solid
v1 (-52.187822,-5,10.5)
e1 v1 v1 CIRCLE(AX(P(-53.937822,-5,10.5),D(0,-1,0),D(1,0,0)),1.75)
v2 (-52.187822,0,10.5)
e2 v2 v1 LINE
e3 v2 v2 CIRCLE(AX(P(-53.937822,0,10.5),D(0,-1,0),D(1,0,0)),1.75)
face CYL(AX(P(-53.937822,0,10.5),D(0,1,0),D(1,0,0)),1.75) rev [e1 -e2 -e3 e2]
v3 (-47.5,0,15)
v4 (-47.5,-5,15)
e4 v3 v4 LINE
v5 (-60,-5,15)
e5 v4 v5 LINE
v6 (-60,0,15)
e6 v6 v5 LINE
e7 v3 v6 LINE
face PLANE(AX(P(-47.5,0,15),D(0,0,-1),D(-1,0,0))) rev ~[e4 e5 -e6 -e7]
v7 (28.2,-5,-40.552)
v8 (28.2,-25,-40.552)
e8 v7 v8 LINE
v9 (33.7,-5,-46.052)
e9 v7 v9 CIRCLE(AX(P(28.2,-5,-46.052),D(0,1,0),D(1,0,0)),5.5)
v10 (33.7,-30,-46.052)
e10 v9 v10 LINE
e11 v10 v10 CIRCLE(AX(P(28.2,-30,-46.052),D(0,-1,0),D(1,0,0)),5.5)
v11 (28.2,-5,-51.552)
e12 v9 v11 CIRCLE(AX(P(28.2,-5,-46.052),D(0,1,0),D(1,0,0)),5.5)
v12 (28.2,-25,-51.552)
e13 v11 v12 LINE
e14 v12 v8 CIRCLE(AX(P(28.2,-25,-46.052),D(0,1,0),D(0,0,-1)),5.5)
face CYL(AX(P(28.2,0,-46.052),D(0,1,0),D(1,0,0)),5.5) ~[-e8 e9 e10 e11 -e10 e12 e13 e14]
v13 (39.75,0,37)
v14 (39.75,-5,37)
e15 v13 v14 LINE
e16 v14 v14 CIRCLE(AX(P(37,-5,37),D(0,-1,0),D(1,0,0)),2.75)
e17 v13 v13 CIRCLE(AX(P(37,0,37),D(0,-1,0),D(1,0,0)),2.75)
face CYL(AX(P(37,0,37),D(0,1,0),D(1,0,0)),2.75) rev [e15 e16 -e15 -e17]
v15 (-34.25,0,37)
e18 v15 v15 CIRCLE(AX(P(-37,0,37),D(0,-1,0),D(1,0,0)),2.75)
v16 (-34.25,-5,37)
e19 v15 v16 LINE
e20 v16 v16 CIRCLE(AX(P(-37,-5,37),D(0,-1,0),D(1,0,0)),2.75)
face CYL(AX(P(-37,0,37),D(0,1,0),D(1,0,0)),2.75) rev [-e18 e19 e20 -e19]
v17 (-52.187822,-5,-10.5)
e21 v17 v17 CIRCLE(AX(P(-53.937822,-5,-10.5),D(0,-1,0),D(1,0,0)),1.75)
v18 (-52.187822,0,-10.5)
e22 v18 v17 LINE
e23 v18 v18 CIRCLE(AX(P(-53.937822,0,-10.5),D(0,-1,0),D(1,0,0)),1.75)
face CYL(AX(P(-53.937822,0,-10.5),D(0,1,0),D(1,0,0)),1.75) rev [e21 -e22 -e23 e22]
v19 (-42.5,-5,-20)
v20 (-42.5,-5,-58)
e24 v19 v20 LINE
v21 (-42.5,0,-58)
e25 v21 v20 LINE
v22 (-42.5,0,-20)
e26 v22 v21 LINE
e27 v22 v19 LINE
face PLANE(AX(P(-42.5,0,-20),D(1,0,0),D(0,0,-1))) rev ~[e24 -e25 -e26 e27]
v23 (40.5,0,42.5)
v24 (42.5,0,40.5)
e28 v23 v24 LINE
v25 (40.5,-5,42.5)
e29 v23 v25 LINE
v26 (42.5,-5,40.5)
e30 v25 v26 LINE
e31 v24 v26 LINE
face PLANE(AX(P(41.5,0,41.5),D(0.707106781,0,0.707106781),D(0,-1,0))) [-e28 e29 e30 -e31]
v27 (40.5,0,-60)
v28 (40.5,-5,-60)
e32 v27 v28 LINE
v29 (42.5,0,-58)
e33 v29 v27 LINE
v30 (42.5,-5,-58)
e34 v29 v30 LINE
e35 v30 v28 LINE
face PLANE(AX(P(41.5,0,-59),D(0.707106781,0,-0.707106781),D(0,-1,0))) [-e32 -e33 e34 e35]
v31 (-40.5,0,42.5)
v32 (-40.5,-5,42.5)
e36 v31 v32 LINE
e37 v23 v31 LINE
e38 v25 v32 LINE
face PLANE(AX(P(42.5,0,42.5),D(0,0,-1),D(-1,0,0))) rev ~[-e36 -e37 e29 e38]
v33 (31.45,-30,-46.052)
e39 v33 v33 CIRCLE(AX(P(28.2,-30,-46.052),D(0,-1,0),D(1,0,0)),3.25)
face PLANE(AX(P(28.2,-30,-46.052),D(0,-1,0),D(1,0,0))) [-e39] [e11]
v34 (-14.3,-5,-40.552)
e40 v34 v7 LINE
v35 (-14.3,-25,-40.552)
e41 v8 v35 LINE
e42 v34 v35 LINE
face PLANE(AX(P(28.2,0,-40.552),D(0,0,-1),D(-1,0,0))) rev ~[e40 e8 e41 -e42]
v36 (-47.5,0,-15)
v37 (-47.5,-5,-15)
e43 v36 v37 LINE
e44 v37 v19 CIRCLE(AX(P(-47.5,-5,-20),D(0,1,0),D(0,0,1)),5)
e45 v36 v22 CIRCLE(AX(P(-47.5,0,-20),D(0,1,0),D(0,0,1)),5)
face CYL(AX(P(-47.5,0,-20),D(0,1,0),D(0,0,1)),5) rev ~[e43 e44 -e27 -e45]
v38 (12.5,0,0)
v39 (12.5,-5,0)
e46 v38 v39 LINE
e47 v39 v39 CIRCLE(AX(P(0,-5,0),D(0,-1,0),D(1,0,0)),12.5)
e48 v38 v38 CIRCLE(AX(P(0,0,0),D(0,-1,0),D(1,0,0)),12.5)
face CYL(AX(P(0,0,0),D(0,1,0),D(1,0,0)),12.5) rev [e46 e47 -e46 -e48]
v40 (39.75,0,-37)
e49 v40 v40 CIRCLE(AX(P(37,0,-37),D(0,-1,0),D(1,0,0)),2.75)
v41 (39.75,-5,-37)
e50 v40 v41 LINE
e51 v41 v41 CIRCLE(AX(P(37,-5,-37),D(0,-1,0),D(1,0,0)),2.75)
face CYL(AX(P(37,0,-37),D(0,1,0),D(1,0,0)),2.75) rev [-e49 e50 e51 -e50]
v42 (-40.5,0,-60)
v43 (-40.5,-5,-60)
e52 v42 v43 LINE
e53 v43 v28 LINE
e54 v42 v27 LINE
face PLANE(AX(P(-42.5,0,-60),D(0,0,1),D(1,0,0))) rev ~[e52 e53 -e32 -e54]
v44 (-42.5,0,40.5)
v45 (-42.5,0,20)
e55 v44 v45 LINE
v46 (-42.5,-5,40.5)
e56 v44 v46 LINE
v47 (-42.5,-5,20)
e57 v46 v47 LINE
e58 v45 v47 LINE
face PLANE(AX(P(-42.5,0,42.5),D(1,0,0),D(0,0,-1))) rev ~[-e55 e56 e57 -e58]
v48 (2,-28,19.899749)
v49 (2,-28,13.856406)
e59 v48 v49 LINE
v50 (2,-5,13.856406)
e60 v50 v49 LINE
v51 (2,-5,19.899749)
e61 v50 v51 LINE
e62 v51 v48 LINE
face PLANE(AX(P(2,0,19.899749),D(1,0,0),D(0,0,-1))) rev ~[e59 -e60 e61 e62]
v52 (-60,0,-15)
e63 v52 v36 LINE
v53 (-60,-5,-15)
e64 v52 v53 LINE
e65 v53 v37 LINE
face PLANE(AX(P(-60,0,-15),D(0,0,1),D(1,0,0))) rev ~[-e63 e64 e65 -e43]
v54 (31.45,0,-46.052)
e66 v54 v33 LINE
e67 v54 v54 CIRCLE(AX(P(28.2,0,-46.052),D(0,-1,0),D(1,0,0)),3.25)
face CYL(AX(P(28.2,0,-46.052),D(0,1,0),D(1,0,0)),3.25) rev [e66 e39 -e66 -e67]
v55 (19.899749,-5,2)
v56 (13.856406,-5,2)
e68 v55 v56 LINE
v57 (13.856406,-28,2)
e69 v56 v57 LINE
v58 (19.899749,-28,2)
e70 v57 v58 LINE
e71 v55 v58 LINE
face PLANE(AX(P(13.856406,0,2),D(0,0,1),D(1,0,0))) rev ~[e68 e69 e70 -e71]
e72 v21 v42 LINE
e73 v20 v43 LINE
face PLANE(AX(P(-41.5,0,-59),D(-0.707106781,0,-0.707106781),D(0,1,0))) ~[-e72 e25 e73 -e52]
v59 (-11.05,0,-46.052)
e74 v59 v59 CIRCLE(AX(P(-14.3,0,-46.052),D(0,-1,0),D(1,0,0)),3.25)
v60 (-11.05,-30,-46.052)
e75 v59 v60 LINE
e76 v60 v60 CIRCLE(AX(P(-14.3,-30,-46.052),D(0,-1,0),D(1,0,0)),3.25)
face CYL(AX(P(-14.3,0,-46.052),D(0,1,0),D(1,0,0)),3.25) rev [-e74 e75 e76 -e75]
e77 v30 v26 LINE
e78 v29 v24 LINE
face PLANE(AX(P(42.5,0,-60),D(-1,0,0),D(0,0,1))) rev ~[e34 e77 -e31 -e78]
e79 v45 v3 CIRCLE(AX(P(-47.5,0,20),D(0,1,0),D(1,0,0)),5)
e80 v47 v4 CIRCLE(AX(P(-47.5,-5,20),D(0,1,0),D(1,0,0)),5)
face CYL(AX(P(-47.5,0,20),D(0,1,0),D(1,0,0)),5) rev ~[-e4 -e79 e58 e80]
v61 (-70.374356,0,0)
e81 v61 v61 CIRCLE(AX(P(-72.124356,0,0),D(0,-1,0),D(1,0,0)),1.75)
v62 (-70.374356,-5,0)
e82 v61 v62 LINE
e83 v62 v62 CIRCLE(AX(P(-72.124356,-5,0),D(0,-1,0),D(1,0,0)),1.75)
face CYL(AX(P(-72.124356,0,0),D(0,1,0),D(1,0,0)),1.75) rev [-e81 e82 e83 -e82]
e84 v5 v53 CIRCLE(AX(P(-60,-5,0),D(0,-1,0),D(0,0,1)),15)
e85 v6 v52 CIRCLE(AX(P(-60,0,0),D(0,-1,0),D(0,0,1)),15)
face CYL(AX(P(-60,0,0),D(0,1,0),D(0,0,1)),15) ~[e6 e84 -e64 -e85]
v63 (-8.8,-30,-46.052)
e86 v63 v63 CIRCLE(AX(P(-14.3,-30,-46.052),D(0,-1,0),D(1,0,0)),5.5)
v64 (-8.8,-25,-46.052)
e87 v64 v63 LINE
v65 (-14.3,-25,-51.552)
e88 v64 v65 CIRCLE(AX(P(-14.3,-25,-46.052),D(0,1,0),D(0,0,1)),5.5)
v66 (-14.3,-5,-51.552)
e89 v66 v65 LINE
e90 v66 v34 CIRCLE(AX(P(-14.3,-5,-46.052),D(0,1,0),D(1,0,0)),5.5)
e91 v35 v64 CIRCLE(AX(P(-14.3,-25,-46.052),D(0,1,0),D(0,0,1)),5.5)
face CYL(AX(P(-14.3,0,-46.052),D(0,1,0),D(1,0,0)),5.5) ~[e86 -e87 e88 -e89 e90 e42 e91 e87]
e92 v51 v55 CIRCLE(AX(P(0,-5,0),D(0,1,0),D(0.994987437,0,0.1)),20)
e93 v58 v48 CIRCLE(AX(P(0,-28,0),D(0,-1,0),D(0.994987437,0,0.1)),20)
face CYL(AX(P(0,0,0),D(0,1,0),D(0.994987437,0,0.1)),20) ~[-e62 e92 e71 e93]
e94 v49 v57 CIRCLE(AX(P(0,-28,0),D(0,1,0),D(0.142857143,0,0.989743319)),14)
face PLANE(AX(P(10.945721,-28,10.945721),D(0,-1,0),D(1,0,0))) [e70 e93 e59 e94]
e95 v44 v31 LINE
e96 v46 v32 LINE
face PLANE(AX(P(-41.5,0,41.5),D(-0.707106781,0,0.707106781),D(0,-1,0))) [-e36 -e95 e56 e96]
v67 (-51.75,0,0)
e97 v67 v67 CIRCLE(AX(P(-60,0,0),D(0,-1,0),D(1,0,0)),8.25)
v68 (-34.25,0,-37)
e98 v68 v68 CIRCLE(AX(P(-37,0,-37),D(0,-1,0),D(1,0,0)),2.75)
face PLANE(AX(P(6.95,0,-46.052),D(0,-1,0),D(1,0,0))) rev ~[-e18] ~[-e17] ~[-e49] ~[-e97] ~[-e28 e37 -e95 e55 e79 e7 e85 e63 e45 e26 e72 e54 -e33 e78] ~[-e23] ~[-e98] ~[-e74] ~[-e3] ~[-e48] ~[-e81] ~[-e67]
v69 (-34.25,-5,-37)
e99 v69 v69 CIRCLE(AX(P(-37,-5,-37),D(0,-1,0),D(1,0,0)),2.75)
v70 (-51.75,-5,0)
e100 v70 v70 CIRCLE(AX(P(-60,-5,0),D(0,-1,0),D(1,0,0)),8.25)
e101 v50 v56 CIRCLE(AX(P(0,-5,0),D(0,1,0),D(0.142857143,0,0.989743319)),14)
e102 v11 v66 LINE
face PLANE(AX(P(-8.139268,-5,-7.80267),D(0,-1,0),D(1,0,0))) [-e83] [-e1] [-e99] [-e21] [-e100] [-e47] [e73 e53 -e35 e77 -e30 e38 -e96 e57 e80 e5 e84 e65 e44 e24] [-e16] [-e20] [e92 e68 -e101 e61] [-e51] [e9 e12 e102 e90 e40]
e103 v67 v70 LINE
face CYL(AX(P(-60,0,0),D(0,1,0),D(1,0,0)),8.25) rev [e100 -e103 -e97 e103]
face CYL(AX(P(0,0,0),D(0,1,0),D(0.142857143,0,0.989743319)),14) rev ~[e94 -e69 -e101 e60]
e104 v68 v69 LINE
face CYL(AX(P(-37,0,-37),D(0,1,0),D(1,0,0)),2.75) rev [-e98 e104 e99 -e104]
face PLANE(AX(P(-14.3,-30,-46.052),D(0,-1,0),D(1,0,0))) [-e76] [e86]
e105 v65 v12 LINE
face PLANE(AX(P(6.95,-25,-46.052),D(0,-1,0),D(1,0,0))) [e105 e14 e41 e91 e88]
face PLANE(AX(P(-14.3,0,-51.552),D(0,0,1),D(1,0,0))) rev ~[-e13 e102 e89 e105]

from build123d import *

# Parameters (mm, degrees)
F0_R     = 5.5
F0_R_2   = 3.25
F1_DEPTH = 30
F2_R     = 2.75
F2_R_2   = 1.75
F2_R_3   = 3.5
F2_R_4   = 8.25
F2_R_5   = 12.5
F3_DEPTH = 5
F5_DEPTH = 28
F7_DEPTH = 25
F8_SIZE  = 2


with BuildPart() as f1:
    # F0 (on Front) → F1 (new body)
    with BuildSketch(Plane.XZ):
        with Locations((28.2, -46.052)):
            Circle(F0_R)
        with Locations((28.2, -46.052)):
            Circle(F0_R_2, mode=Mode.SUBTRACT)
    extrude(amount=F1_DEPTH)



with BuildPart() as f1b:
    # F0 (on Front) → F1, piece 2 (new body)
    with BuildSketch(Plane.XZ):
        with Locations((-14.3, -46.052)):
            Circle(F0_R)
        with Locations((-14.3, -46.052)):
            Circle(F0_R_2, mode=Mode.SUBTRACT)
    extrude(amount=F1_DEPTH)


with BuildPart() as f1_1:
    add(f1.part)

    add(f1b.part)  # F3 merges F1b
    # F2 (on Front) → F3 (join)
    with BuildSketch(Plane.XZ):
        with BuildLine():
            Line((-47.5, 15), (-60, 15))
            ThreePointArc((-60, 15), (-75, 0), (-60, -15))
            Line((-60, -15), (-47.5, -15))
            ThreePointArc((-47.5, -15), (-43.9644660941, -16.4644660941), (-42.5, -20))
            Line((-42.5, -20), (-42.5, -60))
            Line((-42.5, -60), (42.5, -60))
            Line((42.5, -60), (42.5, 42.5))
            Line((42.5, 42.5), (-42.5, 42.5))
            Line((-42.5, 42.5), (-42.5, 20))
            ThreePointArc((-42.5, 20), (-43.9644660941, 16.4644660941), (-47.5, 15))
        make_face()
        with Locations((-37, -37)):
            Circle(F2_R, mode=Mode.SUBTRACT)
        with Locations((-53.9378221735, -10.5)):
            Circle(F2_R_2, mode=Mode.SUBTRACT)
        with Locations((-14.3, -46.052)):
            Circle(F2_R_3, mode=Mode.SUBTRACT)
        with Locations((28.2, -46.052)):
            Circle(F2_R_3, mode=Mode.SUBTRACT)
        with Locations((37, -37)):
            Circle(F2_R, mode=Mode.SUBTRACT)
        with Locations((-72.124355653, 0)):
            Circle(F2_R_2, mode=Mode.SUBTRACT)
        with Locations((-60, 0)):
            Circle(F2_R_4, mode=Mode.SUBTRACT)
        with Locations((-53.9378221735, 10.5)):
            Circle(F2_R_2, mode=Mode.SUBTRACT)
        with Locations((-37, 37)):
            Circle(F2_R, mode=Mode.SUBTRACT)
        Circle(F2_R_5, mode=Mode.SUBTRACT)
        with Locations((37, 37)):
            Circle(F2_R, mode=Mode.SUBTRACT)
    extrude(amount=F3_DEPTH)

    # F4 (on Front) → F5 (join)
    with BuildSketch(Plane.XZ):
        with BuildLine():
            Line((2, 19.8997487421), (2, 13.8564064606))
            ThreePointArc((2, 13.8564064606), (9.8994949366, 9.8994949366), (13.8564064606, 2))
            Line((13.8564064606, 2), (19.8997487421, 2))
            ThreePointArc((19.8997487421, 2), (14.1421356237, 14.1421356237), (2, 19.8997487421))
        make_face()
    extrude(amount=F5_DEPTH)

    # F6 (on Front) → F7 (join)
    with BuildSketch(Plane.XZ):
        with BuildLine():
            Line((28.2, -40.552), (-14.3, -40.552))
            ThreePointArc((-14.3, -40.552), (-8.8, -46.052), (-14.3, -51.552))
            Line((-14.3, -51.552), (28.2, -51.552))
            ThreePointArc((28.2, -51.552), (22.7, -46.052), (28.2, -40.552))
        make_face()
    extrude(amount=F7_DEPTH)

    # F8
    f8_edges = [f1_1.edges().sort_by_distance(p)[0] for p in [
        (-42.5, -2.5, 42.5),
        (42.5, -2.5, 42.5),
        (42.5, -2.5, -60),
        (-42.5, -2.5, -60),
    ]]
    chamfer(f8_edges, length=F8_SIZE)


solid = f1_1.part
